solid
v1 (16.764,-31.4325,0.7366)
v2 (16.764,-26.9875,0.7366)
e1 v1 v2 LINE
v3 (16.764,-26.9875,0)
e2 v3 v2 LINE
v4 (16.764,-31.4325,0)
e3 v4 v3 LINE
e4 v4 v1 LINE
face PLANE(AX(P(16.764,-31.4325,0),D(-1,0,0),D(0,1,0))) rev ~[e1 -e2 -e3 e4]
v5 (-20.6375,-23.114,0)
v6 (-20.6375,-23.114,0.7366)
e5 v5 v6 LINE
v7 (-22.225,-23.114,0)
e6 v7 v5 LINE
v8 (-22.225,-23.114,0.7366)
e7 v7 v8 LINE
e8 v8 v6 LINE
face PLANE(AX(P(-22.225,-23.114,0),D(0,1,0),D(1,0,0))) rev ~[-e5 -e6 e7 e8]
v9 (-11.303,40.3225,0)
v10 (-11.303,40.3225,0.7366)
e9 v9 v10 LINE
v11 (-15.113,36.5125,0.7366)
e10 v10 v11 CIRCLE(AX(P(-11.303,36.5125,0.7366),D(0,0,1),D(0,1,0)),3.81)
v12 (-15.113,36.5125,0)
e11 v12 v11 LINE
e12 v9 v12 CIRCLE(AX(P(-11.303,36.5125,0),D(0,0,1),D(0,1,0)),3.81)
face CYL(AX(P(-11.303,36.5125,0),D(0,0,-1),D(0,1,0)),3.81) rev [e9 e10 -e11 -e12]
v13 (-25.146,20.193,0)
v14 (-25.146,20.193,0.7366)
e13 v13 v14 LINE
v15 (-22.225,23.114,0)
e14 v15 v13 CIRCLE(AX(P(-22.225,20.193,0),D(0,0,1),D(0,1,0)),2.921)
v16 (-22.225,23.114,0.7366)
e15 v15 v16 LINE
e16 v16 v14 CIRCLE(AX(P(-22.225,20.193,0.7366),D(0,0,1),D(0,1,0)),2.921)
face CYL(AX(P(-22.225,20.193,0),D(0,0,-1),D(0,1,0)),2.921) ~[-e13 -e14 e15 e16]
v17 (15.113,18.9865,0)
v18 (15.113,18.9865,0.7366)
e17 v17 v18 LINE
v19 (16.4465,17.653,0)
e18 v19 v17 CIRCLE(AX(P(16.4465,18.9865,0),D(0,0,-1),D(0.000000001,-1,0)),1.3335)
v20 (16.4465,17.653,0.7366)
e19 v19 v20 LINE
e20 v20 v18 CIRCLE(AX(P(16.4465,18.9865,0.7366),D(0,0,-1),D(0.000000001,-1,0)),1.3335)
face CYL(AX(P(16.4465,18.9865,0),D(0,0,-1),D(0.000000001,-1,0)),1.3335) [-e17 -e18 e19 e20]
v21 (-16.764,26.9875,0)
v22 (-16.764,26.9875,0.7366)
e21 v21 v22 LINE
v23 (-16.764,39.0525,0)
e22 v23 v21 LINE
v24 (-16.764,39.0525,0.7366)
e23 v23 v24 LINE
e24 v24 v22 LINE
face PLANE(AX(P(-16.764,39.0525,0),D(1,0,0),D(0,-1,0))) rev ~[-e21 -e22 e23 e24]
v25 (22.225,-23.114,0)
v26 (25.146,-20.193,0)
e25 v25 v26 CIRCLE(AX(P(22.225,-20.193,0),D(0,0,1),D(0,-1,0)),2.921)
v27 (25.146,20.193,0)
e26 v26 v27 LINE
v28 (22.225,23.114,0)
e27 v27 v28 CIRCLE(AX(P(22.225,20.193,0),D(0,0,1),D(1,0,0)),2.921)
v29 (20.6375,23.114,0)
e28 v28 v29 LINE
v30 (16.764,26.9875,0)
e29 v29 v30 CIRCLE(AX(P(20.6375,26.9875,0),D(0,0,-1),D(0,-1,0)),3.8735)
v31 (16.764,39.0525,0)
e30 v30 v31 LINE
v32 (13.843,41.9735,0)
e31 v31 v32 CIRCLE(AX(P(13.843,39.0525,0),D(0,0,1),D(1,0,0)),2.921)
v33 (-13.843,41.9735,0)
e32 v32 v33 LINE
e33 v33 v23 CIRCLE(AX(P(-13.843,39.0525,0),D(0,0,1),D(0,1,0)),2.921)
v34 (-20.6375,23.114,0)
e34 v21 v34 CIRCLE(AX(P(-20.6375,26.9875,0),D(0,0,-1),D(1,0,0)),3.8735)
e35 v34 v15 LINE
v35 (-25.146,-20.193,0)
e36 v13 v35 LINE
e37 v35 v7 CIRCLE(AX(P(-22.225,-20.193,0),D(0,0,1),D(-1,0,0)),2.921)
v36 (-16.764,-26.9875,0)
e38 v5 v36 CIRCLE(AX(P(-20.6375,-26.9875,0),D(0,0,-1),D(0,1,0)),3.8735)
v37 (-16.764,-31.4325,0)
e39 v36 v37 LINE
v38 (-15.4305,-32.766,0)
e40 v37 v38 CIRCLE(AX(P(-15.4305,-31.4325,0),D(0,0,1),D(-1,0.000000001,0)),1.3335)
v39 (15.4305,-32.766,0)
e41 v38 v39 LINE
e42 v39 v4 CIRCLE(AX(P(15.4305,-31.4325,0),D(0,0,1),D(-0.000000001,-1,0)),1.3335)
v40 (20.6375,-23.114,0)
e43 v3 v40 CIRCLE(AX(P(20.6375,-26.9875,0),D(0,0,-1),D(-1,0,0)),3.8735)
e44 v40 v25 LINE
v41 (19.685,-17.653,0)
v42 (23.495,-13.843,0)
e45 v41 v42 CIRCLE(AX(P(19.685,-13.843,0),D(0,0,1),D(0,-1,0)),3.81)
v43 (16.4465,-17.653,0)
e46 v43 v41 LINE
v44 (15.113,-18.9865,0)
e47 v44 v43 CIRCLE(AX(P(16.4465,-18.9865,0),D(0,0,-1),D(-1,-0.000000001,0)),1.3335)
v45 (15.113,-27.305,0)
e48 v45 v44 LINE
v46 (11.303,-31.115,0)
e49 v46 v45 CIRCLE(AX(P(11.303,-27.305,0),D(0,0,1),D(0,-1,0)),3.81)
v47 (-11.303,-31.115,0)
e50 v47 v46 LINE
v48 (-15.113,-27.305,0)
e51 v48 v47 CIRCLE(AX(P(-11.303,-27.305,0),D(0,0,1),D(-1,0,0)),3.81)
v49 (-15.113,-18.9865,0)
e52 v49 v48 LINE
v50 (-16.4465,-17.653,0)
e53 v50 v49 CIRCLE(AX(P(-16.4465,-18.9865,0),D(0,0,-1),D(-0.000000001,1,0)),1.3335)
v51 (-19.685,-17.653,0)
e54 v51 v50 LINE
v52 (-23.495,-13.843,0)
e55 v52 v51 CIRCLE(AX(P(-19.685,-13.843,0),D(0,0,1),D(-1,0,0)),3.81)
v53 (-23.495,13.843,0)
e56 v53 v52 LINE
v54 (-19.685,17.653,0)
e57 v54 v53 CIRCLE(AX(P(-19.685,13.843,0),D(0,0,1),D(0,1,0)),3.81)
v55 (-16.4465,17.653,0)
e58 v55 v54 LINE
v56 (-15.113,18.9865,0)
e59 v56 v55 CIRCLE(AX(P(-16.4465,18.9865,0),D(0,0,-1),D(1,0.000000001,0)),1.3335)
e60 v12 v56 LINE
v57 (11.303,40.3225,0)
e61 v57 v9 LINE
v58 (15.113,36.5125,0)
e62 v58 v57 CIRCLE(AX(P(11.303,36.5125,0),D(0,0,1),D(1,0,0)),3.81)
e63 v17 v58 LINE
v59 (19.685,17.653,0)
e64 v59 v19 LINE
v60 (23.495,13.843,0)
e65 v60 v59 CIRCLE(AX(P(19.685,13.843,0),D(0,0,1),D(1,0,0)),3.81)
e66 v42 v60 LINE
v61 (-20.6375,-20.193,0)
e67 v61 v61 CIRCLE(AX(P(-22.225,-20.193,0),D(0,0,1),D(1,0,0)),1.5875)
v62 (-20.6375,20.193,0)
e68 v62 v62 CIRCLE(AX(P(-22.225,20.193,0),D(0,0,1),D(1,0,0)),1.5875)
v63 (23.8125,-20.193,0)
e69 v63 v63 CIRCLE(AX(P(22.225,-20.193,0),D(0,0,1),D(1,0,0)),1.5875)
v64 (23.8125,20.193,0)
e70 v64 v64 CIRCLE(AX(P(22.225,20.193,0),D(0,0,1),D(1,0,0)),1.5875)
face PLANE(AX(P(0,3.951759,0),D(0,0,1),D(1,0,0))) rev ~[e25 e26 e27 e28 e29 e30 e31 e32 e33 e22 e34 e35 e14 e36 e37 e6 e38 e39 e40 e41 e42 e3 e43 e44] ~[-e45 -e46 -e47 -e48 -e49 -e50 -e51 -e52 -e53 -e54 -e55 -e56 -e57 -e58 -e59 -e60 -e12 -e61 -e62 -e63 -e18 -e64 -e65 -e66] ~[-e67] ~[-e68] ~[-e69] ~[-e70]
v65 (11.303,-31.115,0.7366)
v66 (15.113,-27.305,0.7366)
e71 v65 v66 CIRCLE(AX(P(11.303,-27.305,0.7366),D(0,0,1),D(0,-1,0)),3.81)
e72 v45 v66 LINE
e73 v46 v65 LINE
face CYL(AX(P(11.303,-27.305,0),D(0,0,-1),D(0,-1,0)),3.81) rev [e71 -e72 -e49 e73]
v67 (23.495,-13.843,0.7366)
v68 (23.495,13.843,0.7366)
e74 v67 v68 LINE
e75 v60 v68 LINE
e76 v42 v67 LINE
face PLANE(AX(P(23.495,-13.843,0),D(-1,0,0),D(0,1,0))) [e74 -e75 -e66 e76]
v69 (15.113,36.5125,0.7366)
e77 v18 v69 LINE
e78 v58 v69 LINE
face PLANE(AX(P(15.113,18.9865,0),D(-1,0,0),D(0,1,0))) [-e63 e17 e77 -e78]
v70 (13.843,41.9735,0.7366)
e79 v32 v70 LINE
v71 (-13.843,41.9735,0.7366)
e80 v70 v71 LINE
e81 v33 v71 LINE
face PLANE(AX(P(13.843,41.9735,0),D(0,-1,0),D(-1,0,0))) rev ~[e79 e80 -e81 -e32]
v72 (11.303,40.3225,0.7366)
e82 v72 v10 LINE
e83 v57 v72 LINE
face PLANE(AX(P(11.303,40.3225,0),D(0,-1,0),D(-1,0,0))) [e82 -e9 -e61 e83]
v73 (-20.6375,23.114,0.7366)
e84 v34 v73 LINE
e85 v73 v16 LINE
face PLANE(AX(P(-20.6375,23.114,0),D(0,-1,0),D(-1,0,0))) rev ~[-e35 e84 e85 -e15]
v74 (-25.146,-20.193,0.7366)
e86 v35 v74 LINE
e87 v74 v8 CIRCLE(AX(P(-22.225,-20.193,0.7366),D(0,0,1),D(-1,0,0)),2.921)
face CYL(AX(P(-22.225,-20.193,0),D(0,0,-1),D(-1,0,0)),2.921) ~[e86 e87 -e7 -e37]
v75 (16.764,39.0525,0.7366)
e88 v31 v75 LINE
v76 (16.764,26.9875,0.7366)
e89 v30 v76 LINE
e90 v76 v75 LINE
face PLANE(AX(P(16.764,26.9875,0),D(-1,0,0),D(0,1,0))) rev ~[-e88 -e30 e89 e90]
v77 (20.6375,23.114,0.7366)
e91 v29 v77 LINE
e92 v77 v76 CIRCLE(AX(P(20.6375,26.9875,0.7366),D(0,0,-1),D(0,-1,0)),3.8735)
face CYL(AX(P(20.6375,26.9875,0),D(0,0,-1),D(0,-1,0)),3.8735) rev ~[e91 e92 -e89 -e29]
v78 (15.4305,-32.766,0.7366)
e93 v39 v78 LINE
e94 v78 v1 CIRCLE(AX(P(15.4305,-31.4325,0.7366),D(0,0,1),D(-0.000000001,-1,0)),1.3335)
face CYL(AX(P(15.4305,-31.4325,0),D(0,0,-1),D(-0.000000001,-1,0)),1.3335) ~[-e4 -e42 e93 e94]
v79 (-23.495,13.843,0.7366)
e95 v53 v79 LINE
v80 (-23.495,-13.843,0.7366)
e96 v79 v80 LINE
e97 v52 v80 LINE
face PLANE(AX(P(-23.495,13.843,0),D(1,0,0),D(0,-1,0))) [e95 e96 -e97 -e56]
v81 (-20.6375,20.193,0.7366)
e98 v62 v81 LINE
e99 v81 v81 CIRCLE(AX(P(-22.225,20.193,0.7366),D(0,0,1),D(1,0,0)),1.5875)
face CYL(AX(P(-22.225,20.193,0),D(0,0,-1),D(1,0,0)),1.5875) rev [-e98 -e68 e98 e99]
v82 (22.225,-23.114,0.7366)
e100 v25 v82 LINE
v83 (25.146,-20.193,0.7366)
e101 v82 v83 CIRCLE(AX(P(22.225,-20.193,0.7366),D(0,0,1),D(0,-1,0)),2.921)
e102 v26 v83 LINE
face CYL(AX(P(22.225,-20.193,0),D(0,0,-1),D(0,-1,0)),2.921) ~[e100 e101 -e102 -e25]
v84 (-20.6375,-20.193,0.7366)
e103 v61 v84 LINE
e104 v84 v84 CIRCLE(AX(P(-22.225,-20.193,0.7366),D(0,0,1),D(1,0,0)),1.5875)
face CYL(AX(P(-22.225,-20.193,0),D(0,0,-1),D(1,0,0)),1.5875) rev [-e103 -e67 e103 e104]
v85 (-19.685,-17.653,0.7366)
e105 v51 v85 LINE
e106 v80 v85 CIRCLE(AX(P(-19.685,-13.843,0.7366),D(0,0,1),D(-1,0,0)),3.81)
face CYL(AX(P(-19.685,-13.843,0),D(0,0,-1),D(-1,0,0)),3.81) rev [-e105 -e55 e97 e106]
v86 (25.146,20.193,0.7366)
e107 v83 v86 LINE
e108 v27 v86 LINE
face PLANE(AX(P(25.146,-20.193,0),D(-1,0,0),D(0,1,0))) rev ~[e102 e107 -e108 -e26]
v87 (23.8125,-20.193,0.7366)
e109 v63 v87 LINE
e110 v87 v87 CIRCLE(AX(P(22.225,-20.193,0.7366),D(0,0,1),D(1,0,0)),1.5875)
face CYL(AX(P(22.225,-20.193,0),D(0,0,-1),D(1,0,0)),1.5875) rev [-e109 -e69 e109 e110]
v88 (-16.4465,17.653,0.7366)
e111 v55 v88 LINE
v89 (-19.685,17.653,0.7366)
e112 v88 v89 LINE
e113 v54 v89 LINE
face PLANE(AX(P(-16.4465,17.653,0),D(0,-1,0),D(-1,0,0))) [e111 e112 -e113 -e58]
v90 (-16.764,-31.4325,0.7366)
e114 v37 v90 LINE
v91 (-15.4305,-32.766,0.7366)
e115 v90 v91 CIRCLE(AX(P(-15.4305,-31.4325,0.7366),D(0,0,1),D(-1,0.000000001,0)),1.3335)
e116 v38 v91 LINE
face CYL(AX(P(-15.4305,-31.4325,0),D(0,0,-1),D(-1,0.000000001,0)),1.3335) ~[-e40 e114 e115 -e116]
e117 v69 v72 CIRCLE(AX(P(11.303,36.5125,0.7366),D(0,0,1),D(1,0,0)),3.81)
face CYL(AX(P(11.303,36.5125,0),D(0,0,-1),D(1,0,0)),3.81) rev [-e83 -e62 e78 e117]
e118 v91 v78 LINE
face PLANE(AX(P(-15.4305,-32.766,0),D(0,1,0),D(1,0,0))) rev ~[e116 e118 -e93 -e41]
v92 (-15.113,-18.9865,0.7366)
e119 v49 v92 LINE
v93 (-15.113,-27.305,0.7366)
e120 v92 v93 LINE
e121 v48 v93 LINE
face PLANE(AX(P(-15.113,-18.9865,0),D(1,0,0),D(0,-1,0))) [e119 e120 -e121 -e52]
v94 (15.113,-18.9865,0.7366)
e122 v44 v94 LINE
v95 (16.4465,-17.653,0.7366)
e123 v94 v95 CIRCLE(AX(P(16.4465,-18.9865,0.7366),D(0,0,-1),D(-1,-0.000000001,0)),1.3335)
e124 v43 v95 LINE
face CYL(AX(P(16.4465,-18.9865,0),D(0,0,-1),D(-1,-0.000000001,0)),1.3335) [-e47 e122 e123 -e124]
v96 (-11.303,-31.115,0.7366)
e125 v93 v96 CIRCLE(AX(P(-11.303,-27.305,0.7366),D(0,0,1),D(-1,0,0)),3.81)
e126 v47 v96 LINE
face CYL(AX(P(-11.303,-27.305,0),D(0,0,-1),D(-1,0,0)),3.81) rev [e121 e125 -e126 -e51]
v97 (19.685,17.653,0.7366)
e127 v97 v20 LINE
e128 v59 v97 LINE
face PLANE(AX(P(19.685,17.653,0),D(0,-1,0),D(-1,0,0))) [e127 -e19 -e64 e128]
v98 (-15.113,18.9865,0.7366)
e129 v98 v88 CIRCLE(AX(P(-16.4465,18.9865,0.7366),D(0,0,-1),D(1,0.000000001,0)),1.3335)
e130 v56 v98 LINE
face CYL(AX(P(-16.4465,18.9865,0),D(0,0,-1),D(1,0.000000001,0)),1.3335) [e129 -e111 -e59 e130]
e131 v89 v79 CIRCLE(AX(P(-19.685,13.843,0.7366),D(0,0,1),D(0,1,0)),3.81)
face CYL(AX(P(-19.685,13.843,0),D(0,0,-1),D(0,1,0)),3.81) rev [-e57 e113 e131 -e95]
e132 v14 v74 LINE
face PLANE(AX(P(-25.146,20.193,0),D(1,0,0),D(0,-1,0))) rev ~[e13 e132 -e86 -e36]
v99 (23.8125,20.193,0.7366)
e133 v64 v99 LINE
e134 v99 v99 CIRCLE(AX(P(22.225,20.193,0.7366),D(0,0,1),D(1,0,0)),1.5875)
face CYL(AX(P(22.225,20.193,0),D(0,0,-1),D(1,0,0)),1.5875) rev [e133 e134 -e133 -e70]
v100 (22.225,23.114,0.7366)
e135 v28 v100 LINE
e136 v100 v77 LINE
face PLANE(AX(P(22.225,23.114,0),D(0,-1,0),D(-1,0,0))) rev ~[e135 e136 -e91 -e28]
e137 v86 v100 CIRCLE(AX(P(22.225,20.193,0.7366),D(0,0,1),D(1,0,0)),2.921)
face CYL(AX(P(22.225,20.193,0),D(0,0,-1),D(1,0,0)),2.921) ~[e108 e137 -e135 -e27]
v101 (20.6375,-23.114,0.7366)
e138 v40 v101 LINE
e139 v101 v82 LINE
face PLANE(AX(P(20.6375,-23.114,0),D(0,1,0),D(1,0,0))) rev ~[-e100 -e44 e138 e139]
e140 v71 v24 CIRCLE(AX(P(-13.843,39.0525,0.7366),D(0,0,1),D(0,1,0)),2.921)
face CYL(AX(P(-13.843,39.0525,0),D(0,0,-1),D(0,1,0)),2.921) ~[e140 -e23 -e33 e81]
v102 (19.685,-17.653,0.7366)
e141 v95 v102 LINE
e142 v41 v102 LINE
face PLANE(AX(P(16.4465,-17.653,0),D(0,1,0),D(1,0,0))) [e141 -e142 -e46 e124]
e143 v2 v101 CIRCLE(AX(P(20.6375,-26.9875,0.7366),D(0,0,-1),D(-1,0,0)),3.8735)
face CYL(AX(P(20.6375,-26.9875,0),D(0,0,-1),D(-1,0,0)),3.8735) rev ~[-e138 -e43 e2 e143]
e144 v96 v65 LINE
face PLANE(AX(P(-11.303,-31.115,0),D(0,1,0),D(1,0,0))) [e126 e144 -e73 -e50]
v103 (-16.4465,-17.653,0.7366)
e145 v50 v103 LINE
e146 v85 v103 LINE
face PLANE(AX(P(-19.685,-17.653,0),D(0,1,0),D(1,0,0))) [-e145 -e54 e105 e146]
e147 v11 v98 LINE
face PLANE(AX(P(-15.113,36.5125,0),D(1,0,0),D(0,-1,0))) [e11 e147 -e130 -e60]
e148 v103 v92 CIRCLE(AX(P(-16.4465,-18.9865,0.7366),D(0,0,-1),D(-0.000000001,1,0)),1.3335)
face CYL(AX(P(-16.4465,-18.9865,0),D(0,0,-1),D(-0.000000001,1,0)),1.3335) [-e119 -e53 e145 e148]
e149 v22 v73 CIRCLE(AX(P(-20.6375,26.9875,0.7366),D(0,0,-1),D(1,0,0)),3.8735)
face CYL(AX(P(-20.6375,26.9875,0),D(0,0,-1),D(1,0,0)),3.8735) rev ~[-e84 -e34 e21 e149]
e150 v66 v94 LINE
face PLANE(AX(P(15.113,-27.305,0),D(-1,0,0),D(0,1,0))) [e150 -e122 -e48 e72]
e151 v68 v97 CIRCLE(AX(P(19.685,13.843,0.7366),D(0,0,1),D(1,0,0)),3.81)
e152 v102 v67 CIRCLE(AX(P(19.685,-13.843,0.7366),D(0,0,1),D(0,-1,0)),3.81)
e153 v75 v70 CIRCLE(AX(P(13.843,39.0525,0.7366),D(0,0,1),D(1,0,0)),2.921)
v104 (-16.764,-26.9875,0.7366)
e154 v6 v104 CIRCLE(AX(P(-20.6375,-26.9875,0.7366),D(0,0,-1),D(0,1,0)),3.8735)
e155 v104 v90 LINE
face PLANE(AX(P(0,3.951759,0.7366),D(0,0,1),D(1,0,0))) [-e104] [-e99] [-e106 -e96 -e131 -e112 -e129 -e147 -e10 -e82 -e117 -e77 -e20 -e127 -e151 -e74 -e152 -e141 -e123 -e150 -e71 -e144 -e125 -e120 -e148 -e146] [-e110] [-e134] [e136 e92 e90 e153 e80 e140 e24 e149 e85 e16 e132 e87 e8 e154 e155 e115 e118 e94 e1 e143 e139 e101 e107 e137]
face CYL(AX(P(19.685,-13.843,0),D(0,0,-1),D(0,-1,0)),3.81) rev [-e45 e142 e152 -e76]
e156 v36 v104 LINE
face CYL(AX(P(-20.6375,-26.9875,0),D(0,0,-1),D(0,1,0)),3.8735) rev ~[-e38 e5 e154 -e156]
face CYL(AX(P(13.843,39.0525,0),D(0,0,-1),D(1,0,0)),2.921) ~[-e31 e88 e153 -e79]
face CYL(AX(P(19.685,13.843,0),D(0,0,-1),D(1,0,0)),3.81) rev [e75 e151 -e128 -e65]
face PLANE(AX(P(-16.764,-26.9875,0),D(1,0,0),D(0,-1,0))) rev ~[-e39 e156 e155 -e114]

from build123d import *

# Parameters (mm, degrees)
SKETCH1_R           = 1.5875
BOSS_EXTRUDE1_DEPTH = 0.7366


with BuildPart() as part:
    # Sketch1 → Boss-Extrude1 (new body)
    with BuildSketch(Plane.XY):
        with BuildLine():
            Line((-16.764, -26.9875), (-16.764, -31.4325))
            ThreePointArc((-16.764, -31.4325), (-16.373426893, -32.375426893), (-15.4305, -32.766))
            Line((-15.4305, -32.766), (15.4305, -32.766))
            ThreePointArc((15.4305, -32.766), (16.373426893, -32.375426893), (16.764, -31.4325))
            Line((16.764, -31.4325), (16.764, -26.9875))
            ThreePointArc((16.764, -26.9875), (17.898521883, -24.248521883), (20.6375, -23.114))
            Line((20.6375, -23.114), (22.225, -23.114))
            ThreePointArc((22.225, -23.114), (24.290458908, -22.258458908), (25.146, -20.193))
            Line((25.146, -20.193), (25.146, 20.193))
            ThreePointArc((25.146, 20.193), (24.290458908, 22.258458908), (22.225, 23.114))
            Line((22.225, 23.114), (20.6375, 23.114))
            ThreePointArc((20.6375, 23.114), (17.898521883, 24.248521883), (16.764, 26.9875))
            Line((16.764, 26.9875), (16.764, 39.0525))
            ThreePointArc((16.764, 39.0525), (15.908458908, 41.117958908), (13.843, 41.9735))
            Line((13.843, 41.9735), (-13.843, 41.9735))
            ThreePointArc((-13.843, 41.9735), (-15.908458908, 41.117958908), (-16.764, 39.0525))
            Line((-16.764, 39.0525), (-16.764, 26.9875))
            ThreePointArc((-16.764, 26.9875), (-17.898521883, 24.248521883), (-20.6375, 23.114))
            Line((-20.6375, 23.114), (-22.225, 23.114))
            ThreePointArc((-22.225, 23.114), (-24.290458908, 22.258458908), (-25.146, 20.193))
            Line((-25.146, 20.193), (-25.146, -20.193))
            ThreePointArc((-25.146, -20.193), (-24.290458908, -22.258458908), (-22.225, -23.114))
            Line((-22.225, -23.114), (-20.6375, -23.114))
            ThreePointArc((-20.6375, -23.114), (-17.898521883, -24.248521883), (-16.764, -26.9875))
        make_face()
        with Locations((-22.225, 20.193)):
            Circle(SKETCH1_R, mode=Mode.SUBTRACT)
        with Locations((22.225, 20.193)):
            Circle(SKETCH1_R, mode=Mode.SUBTRACT)
        with Locations((22.225, -20.193)):
            Circle(SKETCH1_R, mode=Mode.SUBTRACT)
        with Locations((-22.225, -20.193)):
            Circle(SKETCH1_R, mode=Mode.SUBTRACT)
        with BuildLine():
            Line((15.113, -27.305), (15.113, -18.9865))
            ThreePointArc((15.113, -18.9865), (15.503573107, -18.043573107), (16.4465, -17.653))
            Line((16.4465, -17.653), (19.685, -17.653))
            ThreePointArc((19.685, -17.653), (22.379076836, -16.537076836), (23.495, -13.843))
            Line((23.495, -13.843), (23.495, 13.843))
            ThreePointArc((23.495, 13.843), (22.379076836, 16.537076836), (19.685, 17.653))
            Line((19.685, 17.653), (16.4465, 17.653))
            ThreePointArc((16.4465, 17.653), (15.503573107, 18.043573107), (15.113, 18.9865))
            Line((15.113, 18.9865), (15.113, 36.5125))
            ThreePointArc((15.113, 36.5125), (13.997076836, 39.206576836), (11.303, 40.3225))
            Line((11.303, 40.3225), (-11.303, 40.3225))
            ThreePointArc((-11.303, 40.3225), (-13.997076836, 39.206576836), (-15.113, 36.5125))
            Line((-15.113, 36.5125), (-15.113, 18.9865))
            ThreePointArc((-15.113, 18.9865), (-15.503573107, 18.043573107), (-16.4465, 17.653))
            Line((-16.4465, 17.653), (-19.685, 17.653))
            ThreePointArc((-19.685, 17.653), (-22.379076836, 16.537076836), (-23.495, 13.843))
            Line((-23.495, 13.843), (-23.495, -13.843))
            ThreePointArc((-23.495, -13.843), (-22.379076836, -16.537076836), (-19.685, -17.653))
            Line((-19.685, -17.653), (-16.4465, -17.653))
            ThreePointArc((-16.4465, -17.653), (-15.503573107, -18.043573107), (-15.113, -18.9865))
            Line((-15.113, -18.9865), (-15.113, -27.305))
            ThreePointArc((-15.113, -27.305), (-13.997076836, -29.999076836), (-11.303, -31.115))
            Line((-11.303, -31.115), (11.303, -31.115))
            ThreePointArc((11.303, -31.115), (13.997076836, -29.999076836), (15.113, -27.305))
        make_face(mode=Mode.SUBTRACT)
    extrude(amount=BOSS_EXTRUDE1_DEPTH)


solid = part.part
